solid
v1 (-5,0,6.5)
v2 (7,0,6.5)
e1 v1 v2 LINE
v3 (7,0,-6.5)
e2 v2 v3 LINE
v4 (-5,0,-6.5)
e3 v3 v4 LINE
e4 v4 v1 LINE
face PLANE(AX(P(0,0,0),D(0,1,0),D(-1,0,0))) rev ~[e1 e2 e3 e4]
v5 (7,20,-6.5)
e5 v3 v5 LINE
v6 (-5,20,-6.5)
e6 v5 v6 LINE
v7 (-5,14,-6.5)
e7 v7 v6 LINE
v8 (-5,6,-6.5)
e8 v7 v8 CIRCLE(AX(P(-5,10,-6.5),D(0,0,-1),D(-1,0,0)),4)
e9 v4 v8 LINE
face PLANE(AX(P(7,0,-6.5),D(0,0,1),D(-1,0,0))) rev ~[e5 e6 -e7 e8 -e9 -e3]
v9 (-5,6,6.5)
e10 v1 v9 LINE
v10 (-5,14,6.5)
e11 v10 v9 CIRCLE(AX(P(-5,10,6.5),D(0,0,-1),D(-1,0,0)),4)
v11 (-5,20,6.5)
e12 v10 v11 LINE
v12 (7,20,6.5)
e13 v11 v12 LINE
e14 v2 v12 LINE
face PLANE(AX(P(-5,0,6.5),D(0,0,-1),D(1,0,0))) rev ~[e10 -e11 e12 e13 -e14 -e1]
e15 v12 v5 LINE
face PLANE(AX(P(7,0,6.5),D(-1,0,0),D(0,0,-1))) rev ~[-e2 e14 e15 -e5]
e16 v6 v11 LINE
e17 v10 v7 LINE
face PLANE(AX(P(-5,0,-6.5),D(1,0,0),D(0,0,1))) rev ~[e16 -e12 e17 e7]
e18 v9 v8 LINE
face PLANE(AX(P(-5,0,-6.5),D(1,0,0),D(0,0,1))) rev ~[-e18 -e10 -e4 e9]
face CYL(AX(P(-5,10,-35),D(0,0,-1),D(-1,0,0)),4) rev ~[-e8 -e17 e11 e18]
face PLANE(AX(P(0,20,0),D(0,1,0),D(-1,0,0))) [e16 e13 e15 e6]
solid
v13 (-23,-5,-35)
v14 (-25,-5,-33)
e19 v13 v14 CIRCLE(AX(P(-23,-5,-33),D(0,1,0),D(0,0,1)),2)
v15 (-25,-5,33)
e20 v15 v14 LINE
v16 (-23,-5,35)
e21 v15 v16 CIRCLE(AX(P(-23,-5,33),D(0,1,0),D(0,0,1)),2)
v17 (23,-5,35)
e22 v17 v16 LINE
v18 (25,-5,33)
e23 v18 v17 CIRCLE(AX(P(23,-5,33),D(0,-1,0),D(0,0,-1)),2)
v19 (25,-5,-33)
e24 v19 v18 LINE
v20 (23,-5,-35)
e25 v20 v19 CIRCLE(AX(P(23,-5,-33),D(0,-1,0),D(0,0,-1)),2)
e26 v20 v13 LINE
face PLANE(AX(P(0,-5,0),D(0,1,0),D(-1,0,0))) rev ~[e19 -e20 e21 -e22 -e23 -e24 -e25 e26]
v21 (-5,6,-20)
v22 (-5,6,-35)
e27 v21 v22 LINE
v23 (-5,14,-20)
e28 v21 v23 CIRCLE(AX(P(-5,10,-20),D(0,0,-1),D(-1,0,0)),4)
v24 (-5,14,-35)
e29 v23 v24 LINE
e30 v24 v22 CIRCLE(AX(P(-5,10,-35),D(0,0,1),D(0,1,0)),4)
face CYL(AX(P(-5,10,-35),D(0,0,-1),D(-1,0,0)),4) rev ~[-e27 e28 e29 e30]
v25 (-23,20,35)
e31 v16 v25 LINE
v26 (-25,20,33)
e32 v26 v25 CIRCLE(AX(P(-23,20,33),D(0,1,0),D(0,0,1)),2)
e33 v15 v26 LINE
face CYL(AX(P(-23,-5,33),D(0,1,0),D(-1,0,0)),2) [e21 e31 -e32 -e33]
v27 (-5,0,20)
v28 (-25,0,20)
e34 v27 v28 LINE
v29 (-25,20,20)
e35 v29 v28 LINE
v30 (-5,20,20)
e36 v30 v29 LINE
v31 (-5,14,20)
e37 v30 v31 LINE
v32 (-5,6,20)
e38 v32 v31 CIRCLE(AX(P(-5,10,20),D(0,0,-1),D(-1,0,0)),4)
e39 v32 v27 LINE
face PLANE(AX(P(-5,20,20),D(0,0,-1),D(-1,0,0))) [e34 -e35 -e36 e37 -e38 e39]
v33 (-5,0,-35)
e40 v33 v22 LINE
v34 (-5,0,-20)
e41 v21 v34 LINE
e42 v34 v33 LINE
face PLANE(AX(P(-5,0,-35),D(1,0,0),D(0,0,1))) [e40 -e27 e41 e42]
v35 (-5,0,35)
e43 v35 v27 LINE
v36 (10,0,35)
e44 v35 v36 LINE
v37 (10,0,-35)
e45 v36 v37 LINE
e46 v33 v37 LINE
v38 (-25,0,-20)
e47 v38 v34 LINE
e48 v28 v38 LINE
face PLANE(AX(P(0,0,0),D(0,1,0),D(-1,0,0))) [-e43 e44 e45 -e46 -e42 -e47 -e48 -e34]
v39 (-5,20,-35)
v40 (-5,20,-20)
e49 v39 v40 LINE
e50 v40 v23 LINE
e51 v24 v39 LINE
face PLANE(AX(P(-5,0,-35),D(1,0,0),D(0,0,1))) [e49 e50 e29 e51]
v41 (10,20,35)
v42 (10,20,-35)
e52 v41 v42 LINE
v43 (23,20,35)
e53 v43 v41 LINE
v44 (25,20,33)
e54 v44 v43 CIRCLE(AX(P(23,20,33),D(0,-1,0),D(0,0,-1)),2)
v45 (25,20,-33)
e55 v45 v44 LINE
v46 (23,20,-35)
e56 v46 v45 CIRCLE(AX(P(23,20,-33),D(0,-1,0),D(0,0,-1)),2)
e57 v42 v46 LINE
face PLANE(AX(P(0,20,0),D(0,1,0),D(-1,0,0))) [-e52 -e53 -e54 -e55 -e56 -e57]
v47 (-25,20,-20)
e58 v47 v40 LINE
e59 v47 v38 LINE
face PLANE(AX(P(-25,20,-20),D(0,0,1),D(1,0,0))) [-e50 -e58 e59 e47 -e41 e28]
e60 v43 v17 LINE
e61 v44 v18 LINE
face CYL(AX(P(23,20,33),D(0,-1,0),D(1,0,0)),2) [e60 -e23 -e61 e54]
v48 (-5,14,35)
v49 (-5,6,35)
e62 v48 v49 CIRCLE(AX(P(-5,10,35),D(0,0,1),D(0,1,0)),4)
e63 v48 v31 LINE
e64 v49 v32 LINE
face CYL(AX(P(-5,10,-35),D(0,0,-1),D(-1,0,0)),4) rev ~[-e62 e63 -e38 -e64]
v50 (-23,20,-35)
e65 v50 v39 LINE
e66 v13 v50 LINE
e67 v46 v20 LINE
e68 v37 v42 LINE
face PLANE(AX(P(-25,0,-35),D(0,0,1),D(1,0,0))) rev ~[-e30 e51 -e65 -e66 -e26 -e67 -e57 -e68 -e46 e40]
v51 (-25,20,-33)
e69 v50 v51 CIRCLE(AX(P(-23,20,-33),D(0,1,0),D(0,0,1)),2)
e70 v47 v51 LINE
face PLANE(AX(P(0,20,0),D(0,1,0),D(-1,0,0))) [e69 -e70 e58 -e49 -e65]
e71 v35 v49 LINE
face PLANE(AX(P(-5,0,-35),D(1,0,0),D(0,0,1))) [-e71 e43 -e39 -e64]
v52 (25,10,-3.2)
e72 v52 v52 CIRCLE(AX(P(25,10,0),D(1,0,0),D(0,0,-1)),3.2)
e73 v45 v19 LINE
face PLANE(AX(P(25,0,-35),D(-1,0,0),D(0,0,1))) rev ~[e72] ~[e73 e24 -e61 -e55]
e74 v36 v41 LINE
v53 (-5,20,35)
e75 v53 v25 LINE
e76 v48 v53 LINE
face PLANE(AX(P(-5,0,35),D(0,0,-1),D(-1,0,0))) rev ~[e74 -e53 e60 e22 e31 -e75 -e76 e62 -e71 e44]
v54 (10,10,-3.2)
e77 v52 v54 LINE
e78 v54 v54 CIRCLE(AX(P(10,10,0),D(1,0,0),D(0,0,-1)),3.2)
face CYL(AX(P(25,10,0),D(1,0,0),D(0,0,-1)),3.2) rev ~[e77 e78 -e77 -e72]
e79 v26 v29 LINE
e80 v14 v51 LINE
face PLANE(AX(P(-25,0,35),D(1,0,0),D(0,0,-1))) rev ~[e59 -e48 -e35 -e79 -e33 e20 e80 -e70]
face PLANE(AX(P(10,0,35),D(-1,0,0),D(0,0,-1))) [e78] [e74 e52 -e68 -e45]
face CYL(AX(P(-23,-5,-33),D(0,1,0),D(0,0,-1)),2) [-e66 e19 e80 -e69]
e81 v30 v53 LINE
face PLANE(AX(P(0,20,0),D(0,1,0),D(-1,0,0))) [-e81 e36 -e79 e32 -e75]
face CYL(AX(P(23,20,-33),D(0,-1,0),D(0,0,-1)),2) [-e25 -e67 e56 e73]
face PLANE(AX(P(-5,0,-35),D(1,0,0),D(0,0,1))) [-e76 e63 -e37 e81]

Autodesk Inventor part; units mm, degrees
ref_plane "YZ Plane" through (0, 0, 0) normal (1, 0, 0) x (0, 1, 0)
ref_plane "XZ Plane" through (0, 0, 0) normal (0, 1, 0) x (-1, 0, 0)
ref_plane "XY Plane" through (0, 0, 0) normal (0, 0, 1) x (1, 0, 0)
sketch "Sketch1" plane through (0, 0, 0) normal (0, 1, 0) x (-1, 0, 0)
  line L0 (25, -35) -> (-25, -35)
  line L1 (-25, -35) -> (-25, 35)
  line L2 (-25, 35) -> (25, 35)
  line L3 (25, 35) -> (25, -35)
  line L4 (25, -35) -> (5, -35)
  line L5 (5, -35) -> (5, 35)
  line L6 (5, 35) -> (25, 35)
  line L7 (25, 35) -> (25, -35)
  line L8 (-10, -35) -> (-25, -35)
  line L9 (-25, -35) -> (-25, 35)
  line L10 (-25, 35) -> (-10, 35)
  line L11 (-10, 35) -> (-10, -35)
  line L12 (5, 6.5) -> (-7, 6.5)
  line L13 (-7, 6.5) -> (-7, -6.5)
  line L14 (-7, -6.5) -> (5, -6.5)
  line L15 (5, -6.5) -> (5, 6.5)
  point P0 (0, 0)
  point P1 (-25, 0)
  point P2 (0, -35)
  point P3 (5, 0)
  point P4 (5, -35)
  point P5 (-10, -7.5)
  point P6 (5, -6.5)
  point P7 (5, 6.5)
  point P8 (-10, 7.5)
  dimension "d0" = 70
  dimension "d1" = 50
  dimension "d2" = 20
  dimension "d3" = 15
  dimension "d4" = 13
  dimension "d16" = 3
extrude "Extrusion1" add sketch "Sketch1" against normal blind 5
extrude "Extrusion2" add sketch "Sketch1" along normal blind 20 contours L0 L5 L2 L3 | L0 L1 L2 L11
extrude "Extrusion3" add sketch "Sketch1" along normal blind 20 separate body contours L14 L13 L12 L5
sketch "Sketch2" plane through (25, -5, -35) normal (0, 0, -1) x (-1, 0, 0)
  line L0 (30, 5) -> (30, 25) projected
  circle A0 centre (30, 15) radius 4
  point P0 (25, 5)
  dimension "d11" = 8
extrude "Extrusion4" cut sketch "Sketch2" against normal up to surface (70 mm away) bodies 1
extrude "Extrusion5" cut sketch "Sketch2" against normal up to surface (70 mm away) bodies 2
sketch "Sketch3" plane through (0, 20, 0) normal (0, 1, 0) x (1, 0, 0)
  line L0 (-25, -35) -> (-25, 35) projected
  line L1 (-5, -35) -> (-5, 35) projected
  line L2 (-25, 20) -> (-5, 20)
  line L3 (-5, 20) -> (-5, -20)
  line L4 (-5, -20) -> (-25, -20)
  line L5 (-25, -20) -> (-25, 20)
  point P0 (0, 0)
  point P1 (-25, 0)
  point P2 (-5, 20)
  dimension "d17" = 40
extrude "Extrusion6" cut sketch "Sketch3" against normal up to surface (20 mm away) bodies 1
sketch "Sketch4" plane through (25, -5, 35) normal (1, 0, 0) x (0, 0, -1)
  line L0 (35, 5) -> (35, 25) construction
  line L1 (28.5, 25) -> (41.5, 25) construction
  circle A0 centre (35, 15) radius 3.2
  dimension "d20" = 6.4
extrude "Extrusion7" cut sketch "Sketch4" against normal up to surface (15 mm away) bodies 1
fillet "Fillet1" radius 2 4 edges at (-25, 7.5, 35) (25, 7.5, 35) (-25, 7.5, -35) (25, 7.5, -35)
properties part number "RodBender_3DPrint"
